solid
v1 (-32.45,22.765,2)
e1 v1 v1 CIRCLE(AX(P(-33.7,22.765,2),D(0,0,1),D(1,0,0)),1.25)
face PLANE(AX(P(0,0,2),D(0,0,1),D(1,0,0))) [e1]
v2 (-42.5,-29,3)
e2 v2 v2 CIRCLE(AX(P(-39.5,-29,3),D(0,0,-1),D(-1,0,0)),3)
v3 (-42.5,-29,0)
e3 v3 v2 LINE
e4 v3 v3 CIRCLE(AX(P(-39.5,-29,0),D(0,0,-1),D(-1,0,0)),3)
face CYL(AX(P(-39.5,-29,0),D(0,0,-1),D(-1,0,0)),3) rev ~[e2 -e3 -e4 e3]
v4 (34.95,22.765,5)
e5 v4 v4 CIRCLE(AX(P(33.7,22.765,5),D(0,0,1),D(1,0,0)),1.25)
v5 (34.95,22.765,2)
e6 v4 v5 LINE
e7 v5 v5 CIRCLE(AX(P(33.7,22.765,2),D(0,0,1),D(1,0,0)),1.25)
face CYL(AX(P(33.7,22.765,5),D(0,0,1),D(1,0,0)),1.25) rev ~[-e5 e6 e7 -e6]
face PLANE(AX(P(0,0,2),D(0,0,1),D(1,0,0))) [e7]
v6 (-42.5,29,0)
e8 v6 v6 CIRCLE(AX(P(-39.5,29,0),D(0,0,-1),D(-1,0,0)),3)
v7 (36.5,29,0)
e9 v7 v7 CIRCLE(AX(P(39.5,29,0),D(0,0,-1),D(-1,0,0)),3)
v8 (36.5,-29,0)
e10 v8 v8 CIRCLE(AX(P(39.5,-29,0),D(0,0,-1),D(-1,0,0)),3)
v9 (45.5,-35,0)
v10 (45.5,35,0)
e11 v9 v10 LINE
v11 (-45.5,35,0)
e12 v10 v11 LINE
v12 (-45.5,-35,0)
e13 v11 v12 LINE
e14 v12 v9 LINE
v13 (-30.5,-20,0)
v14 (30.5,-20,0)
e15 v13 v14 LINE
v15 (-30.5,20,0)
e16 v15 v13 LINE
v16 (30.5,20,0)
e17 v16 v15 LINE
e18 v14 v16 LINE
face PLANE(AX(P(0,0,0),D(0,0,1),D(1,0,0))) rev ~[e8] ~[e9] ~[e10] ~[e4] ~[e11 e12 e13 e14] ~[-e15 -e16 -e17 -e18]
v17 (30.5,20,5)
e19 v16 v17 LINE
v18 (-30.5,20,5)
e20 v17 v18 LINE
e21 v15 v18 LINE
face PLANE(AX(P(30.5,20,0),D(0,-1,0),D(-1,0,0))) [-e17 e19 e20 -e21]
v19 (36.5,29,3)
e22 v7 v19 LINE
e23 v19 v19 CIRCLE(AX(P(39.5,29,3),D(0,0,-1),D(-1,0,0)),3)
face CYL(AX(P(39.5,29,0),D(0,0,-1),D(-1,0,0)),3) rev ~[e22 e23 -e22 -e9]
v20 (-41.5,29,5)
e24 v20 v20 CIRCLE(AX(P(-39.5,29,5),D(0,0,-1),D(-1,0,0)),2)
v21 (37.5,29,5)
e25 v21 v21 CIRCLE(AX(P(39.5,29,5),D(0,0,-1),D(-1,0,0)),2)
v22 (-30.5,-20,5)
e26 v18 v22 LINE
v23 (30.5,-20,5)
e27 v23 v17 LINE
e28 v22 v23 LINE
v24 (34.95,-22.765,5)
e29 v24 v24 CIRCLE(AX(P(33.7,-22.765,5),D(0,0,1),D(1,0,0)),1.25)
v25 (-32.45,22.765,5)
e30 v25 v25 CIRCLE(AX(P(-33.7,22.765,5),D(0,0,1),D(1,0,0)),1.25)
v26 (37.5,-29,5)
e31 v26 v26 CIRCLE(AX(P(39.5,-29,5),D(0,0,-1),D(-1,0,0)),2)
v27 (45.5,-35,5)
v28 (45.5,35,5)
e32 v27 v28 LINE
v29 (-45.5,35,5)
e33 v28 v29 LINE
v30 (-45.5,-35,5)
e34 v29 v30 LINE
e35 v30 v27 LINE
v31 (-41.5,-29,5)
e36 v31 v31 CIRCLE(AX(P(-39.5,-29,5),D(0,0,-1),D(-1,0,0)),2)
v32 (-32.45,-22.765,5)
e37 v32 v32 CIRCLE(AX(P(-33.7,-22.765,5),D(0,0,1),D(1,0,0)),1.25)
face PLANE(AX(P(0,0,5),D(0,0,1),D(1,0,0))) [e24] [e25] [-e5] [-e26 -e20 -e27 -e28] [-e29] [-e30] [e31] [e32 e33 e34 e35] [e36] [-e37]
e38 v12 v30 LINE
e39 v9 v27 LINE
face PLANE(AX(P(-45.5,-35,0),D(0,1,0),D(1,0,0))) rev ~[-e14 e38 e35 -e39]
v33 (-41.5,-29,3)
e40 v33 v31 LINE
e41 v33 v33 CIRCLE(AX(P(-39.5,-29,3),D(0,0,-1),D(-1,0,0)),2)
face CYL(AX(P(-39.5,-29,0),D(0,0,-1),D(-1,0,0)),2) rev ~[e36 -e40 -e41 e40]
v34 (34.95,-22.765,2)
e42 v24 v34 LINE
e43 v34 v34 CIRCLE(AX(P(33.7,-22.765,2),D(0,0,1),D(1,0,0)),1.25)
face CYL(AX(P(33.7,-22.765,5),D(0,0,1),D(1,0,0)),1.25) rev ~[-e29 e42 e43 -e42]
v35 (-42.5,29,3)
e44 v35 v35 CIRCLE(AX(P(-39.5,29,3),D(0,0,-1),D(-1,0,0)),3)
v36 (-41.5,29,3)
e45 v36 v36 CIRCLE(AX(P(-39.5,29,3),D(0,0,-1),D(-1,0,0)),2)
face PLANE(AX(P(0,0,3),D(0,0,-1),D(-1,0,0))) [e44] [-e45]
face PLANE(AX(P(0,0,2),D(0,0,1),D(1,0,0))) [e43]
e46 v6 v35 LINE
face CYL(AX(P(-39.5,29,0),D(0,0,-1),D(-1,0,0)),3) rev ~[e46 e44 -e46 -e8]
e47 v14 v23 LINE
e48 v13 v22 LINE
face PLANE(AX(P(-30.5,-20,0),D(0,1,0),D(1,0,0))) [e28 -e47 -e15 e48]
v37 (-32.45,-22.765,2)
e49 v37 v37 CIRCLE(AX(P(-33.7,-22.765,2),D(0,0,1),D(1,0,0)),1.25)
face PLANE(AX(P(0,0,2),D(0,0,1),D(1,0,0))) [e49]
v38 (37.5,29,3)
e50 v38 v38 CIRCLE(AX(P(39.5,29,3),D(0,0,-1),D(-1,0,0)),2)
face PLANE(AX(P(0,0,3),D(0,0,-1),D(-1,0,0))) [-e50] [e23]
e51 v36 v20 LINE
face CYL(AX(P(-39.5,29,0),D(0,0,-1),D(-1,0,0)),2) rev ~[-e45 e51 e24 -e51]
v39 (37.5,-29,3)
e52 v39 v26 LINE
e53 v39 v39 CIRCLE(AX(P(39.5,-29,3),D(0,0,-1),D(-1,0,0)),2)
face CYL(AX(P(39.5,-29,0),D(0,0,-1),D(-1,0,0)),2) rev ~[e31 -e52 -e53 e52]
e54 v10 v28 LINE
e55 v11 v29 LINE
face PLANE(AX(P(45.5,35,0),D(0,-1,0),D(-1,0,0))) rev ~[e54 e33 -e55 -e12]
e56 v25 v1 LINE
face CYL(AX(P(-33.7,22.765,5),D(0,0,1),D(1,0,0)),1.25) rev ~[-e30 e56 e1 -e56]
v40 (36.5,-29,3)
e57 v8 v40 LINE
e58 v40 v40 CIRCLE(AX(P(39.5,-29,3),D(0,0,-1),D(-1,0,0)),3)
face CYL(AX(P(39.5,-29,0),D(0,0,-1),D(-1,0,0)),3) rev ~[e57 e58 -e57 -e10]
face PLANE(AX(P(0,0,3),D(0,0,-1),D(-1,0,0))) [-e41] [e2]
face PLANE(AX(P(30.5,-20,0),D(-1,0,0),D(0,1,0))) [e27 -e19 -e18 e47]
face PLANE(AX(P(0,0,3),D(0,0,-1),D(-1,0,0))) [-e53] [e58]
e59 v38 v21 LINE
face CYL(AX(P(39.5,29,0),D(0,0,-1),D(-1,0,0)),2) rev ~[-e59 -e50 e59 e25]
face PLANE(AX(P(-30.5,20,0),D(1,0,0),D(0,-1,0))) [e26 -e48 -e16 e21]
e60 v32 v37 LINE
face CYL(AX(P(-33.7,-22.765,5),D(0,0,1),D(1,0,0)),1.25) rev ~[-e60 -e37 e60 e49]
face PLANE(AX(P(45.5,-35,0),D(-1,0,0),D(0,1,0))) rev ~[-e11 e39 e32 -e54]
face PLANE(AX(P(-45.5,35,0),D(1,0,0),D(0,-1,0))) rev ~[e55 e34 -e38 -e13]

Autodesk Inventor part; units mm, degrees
ref_plane "YZ Plane" through (0, 0, 0) normal (1, 0, 0) x (0, 1, 0)
ref_plane "XZ Plane" through (0, 0, 0) normal (0, 1, 0) x (-1, 0, 0)
ref_plane "XY Plane" through (0, 0, 0) normal (0, 0, 1) x (1, 0, 0)
sketch "Sketch1" plane through (0, 0, 0) normal (0, 0, 1) x (1, 0, 0)
  line L0 (-30.5, -20) -> (30.5, -20)
  line L1 (30.5, -20) -> (30.5, 20)
  line L2 (30.5, 20) -> (-30.5, 20)
  line L3 (-30.5, 20) -> (-30.5, -20)
  line L4 (-30.5, -20) -> (30.5, 20) construction
  line L5 (30.5, -20) -> (-30.5, 20) construction
  line L6 (-45.5, -35) -> (45.5, -35)
  line L7 (45.5, -35) -> (45.5, 35)
  line L8 (45.5, 35) -> (-45.5, 35)
  line L9 (-45.5, 35) -> (-45.5, -35)
  line L10 (-45.5, -35) -> (45.5, 35) construction
  line L11 (45.5, -35) -> (-45.5, 35) construction
  point P0 (0, 0)
  dimension "d0" = 61
  dimension "d1" = 40
  dimension "d2" = 15
  dimension "d3" = 15
extrude "Rim" add sketch "Sketch1" along normal blind 5
sketch "Sketch2" plane through (0, 0, 5) normal (0, 0, 1) x (1, 0, 0)
  line L0 (-33.7, -22.765) -> (33.7, -22.765) construction
  line L1 (33.7, -22.765) -> (33.7, 22.765) construction
  line L2 (33.7, 22.765) -> (-33.7, 22.765) construction
  line L3 (-33.7, 22.765) -> (-33.7, -22.765) construction
  line L4 (-33.7, -22.765) -> (33.7, 22.765) construction
  line L5 (33.7, -22.765) -> (-33.7, 22.765) construction
  circle A0 centre (33.7, 22.765) radius 1.25
  line L6 (0, 22.765) -> (0, -22.765) construction
  line L7 (-30.5, -20) -> (-30.5, 20) projected
  line L8 (-30.5, 0) -> (33.7, 0) construction
  circle A1 centre (-33.7, 22.765) radius 1.25
  circle A2 centre (33.7, -22.765) radius 1.25
  circle A3 centre (-33.7, -22.765) radius 1.25
  point P0 (0, 0)
  dimension "d6" = 67.4
  dimension "d7" = 45.53
  dimension "d8" = 2.5
extrude "Pegs" cut sketch "Sketch2" against normal blind 3
sketch "Sketch4" plane through (0, 0, 0) normal (0, 0, -1) x (-1, 0, 0)
  circle A0 centre (-39.5, 29) radius 2 projected
  circle A1 centre (39.5, 29) radius 2 projected
  circle A2 centre (39.5, -29) radius 2 projected
  circle A3 centre (-39.5, -29) radius 2 projected
  point P0 (0, 0)
extrude "Bolt Holes" cut sketch "Sketch4" against normal up to next
sketch "For Construction" plane through (0, 0, 5) normal (0, 0, 1) x (1, 0, 0)
  circle A0 centre (33.7, -22.765) radius 1.25 projected
  circle A1 centre (39.5, -29) radius 2 projected
  point P0 (0, 0)
  point P1 (34.95, -22.765)
  point P2 (37.901, -27.7986)
  dimension "d19" = 5.2656
ref_plane "Work Plane2" through (-30.5, 0, 0) normal (0, 1, 0) x (1, 0, 0)
sketch "Sketch13" plane through (0, 0, 0) normal (0, 0, -1) x (-1, 0, 0)
  circle A0 centre (-39.5, -29) radius 3
  circle A1 centre (-39.5, -29) radius 2 projected
  line L0 (45.5, -35) -> (-45.5, -35) projected
  line L1 (0, -35) -> (0, -20) construction
  line L2 (-30.5, -20) -> (30.5, -20) projected
  line L3 (-27.3467, 0) -> (-45.5, 0) construction
  line L4 (-45.5, -35) -> (-45.5, 35) projected
  line L5 (-45.5, -35) -> (-45.5, 35) projected
  circle A2 centre (-39.5, 29) radius 3
  circle A3 centre (39.5, -29) radius 3
  circle A4 centre (39.5, 29) radius 3
  point P0 (0, 0)
  dimension "d42" = 6
extrude "Bolt heads" cut sketch "Sketch13" against normal blind 3
properties part number "Joystickboard Holder"
